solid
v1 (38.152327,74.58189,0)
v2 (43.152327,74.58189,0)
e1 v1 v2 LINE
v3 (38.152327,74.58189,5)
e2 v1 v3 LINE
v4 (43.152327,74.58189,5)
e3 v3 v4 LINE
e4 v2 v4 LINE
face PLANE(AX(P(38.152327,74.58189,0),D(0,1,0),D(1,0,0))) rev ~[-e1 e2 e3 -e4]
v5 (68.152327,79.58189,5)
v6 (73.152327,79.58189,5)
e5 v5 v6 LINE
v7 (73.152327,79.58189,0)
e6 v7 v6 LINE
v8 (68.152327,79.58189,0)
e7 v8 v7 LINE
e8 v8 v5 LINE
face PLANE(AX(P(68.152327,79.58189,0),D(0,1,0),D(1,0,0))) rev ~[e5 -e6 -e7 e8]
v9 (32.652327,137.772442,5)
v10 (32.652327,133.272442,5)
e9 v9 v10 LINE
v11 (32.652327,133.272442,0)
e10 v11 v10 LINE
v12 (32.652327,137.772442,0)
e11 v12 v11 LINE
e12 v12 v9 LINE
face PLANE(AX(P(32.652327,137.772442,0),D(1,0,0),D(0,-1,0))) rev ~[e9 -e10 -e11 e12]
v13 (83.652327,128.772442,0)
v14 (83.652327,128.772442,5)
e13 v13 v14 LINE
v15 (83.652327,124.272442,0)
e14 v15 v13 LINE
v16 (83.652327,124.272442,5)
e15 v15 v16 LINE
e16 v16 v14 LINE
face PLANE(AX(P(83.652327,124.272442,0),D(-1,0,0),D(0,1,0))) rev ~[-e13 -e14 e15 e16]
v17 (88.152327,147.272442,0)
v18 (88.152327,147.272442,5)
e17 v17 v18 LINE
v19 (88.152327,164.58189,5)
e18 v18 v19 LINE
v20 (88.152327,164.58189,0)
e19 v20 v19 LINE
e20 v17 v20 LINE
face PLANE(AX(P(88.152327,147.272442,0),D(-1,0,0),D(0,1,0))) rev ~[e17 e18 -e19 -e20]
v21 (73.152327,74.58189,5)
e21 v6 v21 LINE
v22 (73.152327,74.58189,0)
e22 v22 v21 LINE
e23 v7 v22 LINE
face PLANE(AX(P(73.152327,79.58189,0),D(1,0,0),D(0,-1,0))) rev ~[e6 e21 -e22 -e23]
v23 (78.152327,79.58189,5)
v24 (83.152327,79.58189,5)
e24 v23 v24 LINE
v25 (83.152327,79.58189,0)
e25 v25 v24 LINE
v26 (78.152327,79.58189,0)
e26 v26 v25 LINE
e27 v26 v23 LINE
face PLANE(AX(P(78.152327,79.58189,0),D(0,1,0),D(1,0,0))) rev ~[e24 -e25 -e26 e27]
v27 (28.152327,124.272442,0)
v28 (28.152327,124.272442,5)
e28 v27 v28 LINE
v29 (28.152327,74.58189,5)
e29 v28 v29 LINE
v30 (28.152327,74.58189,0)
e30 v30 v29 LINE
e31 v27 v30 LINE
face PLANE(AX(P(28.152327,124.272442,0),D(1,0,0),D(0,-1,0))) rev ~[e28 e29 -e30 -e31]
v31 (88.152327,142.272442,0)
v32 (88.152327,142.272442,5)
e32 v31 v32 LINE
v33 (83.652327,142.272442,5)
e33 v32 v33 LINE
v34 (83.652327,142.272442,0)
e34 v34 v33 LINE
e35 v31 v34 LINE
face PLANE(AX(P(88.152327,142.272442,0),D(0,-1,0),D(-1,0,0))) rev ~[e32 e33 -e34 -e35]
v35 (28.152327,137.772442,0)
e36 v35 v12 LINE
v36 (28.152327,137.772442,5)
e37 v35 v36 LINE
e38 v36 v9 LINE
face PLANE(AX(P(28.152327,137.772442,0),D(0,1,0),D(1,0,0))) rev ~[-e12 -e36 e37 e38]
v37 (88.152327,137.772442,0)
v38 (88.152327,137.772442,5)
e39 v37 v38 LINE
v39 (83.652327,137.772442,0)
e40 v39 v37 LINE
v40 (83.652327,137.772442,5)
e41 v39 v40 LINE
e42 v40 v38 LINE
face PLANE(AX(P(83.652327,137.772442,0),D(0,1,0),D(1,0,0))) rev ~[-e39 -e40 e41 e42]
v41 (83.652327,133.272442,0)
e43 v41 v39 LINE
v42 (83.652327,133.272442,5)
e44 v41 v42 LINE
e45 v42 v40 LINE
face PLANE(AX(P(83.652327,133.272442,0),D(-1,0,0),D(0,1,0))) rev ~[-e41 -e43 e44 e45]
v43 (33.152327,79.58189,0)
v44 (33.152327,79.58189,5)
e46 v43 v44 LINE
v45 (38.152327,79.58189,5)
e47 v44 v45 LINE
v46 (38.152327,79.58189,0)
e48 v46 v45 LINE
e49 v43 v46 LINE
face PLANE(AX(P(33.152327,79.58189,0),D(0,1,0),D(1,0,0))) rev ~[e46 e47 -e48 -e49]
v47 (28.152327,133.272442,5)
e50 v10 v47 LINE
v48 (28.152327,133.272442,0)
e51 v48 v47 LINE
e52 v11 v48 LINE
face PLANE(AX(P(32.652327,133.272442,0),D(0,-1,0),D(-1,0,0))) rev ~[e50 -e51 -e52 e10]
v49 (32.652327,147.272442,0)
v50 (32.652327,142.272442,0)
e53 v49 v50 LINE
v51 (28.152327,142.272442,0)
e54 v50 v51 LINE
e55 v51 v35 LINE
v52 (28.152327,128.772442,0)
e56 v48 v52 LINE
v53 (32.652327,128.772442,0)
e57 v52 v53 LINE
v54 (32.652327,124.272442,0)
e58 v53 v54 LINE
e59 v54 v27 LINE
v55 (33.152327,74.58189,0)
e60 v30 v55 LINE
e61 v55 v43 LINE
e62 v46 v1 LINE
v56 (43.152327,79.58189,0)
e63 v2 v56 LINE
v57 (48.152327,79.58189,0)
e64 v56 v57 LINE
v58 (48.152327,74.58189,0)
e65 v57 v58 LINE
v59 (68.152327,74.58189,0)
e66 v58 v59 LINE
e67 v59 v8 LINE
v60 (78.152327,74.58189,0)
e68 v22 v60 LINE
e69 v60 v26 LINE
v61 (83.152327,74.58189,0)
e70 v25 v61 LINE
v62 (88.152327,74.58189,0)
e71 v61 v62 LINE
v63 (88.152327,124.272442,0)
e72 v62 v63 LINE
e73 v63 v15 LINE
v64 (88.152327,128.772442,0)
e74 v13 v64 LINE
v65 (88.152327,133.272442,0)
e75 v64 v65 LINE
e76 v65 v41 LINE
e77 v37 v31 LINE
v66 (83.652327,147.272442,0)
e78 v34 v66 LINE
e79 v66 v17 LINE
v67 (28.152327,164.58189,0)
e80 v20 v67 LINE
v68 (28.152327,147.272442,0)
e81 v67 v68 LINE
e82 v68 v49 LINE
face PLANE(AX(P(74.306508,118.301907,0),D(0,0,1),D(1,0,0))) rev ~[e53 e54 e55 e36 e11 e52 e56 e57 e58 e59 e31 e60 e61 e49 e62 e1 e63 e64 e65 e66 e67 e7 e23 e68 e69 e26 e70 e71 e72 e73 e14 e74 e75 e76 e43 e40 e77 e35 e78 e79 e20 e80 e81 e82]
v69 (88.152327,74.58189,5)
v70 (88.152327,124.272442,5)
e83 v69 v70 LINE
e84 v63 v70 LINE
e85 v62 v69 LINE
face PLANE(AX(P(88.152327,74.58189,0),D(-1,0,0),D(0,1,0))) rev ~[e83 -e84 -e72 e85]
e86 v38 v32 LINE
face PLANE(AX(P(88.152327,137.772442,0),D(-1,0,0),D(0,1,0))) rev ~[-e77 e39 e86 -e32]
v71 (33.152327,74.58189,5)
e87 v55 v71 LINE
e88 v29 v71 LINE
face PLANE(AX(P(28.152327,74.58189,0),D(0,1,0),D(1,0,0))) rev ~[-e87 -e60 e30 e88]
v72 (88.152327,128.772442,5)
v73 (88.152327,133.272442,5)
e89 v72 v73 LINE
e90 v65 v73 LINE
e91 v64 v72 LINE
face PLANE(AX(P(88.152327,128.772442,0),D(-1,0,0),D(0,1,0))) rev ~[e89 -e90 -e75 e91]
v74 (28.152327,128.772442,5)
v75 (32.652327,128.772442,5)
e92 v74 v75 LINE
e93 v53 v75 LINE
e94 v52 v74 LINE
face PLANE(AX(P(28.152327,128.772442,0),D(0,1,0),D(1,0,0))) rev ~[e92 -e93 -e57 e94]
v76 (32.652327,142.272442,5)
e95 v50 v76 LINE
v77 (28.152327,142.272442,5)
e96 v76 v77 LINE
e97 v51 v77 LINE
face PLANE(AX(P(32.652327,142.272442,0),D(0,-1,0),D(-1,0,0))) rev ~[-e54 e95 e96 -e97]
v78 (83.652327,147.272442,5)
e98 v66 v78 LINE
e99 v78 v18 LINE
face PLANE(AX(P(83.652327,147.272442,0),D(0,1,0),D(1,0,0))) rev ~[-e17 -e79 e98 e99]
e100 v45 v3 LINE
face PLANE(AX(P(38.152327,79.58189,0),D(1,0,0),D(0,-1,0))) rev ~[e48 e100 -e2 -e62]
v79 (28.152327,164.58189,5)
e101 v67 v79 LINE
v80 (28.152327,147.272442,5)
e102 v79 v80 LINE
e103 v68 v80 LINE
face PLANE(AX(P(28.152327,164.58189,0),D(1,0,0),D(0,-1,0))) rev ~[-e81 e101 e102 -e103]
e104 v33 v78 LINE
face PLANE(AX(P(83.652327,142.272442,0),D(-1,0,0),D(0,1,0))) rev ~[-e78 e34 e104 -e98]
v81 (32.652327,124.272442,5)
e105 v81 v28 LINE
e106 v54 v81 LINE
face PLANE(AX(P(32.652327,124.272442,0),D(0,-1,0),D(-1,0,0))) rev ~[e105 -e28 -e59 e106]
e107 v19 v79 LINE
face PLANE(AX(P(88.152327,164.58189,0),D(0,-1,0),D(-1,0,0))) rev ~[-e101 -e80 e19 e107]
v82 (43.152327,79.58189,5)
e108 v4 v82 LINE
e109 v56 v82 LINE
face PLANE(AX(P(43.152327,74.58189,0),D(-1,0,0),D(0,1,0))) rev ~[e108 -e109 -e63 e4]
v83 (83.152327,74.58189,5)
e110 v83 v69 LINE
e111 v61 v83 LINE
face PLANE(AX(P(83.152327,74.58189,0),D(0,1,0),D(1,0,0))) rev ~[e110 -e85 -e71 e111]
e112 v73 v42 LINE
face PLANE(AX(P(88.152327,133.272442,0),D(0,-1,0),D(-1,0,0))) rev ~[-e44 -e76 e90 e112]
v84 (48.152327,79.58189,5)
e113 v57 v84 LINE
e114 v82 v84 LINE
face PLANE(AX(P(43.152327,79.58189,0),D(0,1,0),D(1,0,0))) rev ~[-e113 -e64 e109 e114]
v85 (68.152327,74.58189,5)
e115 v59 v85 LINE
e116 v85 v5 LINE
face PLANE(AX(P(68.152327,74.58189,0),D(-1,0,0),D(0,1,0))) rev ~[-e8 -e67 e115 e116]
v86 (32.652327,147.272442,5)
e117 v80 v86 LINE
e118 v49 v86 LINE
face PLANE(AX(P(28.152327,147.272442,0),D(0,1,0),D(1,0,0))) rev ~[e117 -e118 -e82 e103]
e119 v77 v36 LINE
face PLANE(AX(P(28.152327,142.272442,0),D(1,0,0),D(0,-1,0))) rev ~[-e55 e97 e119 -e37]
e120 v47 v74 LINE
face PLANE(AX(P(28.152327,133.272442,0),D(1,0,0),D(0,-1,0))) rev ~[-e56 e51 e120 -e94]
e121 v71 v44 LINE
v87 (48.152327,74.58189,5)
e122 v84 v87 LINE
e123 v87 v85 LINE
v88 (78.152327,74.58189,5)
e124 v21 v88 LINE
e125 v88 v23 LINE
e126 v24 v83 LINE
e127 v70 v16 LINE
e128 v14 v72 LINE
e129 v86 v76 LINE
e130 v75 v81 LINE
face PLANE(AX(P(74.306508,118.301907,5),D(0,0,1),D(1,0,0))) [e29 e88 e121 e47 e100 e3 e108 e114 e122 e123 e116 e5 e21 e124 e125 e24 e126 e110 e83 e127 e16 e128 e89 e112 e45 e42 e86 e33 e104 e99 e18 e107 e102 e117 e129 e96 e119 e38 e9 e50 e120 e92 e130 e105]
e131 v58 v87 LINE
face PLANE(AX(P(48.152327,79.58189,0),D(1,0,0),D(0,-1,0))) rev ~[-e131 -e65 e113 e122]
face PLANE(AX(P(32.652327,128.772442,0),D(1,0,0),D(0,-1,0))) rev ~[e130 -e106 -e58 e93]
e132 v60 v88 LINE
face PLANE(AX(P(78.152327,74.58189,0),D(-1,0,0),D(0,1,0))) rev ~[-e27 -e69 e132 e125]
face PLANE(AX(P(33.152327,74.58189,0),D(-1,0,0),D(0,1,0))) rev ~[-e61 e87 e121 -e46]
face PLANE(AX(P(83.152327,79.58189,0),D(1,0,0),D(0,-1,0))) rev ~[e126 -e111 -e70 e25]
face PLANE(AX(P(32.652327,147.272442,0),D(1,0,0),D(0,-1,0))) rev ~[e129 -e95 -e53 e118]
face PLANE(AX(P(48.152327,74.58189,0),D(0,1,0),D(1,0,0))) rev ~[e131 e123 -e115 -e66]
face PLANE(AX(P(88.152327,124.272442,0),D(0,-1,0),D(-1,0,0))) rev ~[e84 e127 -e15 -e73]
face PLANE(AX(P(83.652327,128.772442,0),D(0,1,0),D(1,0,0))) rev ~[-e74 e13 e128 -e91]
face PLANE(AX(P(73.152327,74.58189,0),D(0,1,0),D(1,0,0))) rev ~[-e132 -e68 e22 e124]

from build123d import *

# Parameters (mm, degrees)
BOSS_EXTRU_1_DEPTH = 5


with BuildPart() as part:
    # Esquisse2 → Boss.-Extru.1 (new body)
    with BuildSketch(Plane.XY):
        Polygon((58.152327252, 164.581889926), (58.152327252, 74.581889926), (68.152327252, 74.581889926), (68.152327252, 79.581889926), (73.152327252, 79.581889926), (73.152327252, 74.581889926), (78.152327252, 74.581889926), (78.152327252, 79.581889926), (83.152327252, 79.581889926), (83.152327252, 74.581889926), (88.152327252, 74.581889926), (88.152327252, 124.272441926), (83.652327252, 124.272441926), (83.652327252, 128.772441926), (88.152327252, 128.772441926), (88.152327252, 133.272441926), (83.652327252, 133.272441926), (83.652327252, 137.772441926), (88.152327252, 137.772441926), (88.152327252, 142.272441926), (83.652327252, 142.272441926), (83.652327252, 147.272441926), (88.152327252, 147.272441926), (88.152327252, 164.581889926), align=None)
        Polygon((32.652327252, 124.272441926), (28.152327252, 124.272441926), (28.152327252, 74.581889926), (33.152327252, 74.581889926), (33.152327252, 79.581889926), (38.152327252, 79.581889926), (38.152327252, 74.581889926), (43.152327252, 74.581889926), (43.152327252, 79.581889926), (48.152327252, 79.581889926), (48.152327252, 74.581889926), (58.152327252, 74.581889926), (58.152327252, 164.581889926), (28.152327252, 164.581889926), (28.152327252, 147.272441926), (32.652327252, 147.272441926), (32.652327252, 142.272441926), (28.152327252, 142.272441926), (28.152327252, 137.772441926), (32.652327252, 137.772441926), (32.652327252, 133.272441926), (28.152327252, 133.272441926), (28.152327252, 128.772441926), (32.652327252, 128.772441926), align=None)
    extrude(amount=BOSS_EXTRU_1_DEPTH)


solid = part.part
